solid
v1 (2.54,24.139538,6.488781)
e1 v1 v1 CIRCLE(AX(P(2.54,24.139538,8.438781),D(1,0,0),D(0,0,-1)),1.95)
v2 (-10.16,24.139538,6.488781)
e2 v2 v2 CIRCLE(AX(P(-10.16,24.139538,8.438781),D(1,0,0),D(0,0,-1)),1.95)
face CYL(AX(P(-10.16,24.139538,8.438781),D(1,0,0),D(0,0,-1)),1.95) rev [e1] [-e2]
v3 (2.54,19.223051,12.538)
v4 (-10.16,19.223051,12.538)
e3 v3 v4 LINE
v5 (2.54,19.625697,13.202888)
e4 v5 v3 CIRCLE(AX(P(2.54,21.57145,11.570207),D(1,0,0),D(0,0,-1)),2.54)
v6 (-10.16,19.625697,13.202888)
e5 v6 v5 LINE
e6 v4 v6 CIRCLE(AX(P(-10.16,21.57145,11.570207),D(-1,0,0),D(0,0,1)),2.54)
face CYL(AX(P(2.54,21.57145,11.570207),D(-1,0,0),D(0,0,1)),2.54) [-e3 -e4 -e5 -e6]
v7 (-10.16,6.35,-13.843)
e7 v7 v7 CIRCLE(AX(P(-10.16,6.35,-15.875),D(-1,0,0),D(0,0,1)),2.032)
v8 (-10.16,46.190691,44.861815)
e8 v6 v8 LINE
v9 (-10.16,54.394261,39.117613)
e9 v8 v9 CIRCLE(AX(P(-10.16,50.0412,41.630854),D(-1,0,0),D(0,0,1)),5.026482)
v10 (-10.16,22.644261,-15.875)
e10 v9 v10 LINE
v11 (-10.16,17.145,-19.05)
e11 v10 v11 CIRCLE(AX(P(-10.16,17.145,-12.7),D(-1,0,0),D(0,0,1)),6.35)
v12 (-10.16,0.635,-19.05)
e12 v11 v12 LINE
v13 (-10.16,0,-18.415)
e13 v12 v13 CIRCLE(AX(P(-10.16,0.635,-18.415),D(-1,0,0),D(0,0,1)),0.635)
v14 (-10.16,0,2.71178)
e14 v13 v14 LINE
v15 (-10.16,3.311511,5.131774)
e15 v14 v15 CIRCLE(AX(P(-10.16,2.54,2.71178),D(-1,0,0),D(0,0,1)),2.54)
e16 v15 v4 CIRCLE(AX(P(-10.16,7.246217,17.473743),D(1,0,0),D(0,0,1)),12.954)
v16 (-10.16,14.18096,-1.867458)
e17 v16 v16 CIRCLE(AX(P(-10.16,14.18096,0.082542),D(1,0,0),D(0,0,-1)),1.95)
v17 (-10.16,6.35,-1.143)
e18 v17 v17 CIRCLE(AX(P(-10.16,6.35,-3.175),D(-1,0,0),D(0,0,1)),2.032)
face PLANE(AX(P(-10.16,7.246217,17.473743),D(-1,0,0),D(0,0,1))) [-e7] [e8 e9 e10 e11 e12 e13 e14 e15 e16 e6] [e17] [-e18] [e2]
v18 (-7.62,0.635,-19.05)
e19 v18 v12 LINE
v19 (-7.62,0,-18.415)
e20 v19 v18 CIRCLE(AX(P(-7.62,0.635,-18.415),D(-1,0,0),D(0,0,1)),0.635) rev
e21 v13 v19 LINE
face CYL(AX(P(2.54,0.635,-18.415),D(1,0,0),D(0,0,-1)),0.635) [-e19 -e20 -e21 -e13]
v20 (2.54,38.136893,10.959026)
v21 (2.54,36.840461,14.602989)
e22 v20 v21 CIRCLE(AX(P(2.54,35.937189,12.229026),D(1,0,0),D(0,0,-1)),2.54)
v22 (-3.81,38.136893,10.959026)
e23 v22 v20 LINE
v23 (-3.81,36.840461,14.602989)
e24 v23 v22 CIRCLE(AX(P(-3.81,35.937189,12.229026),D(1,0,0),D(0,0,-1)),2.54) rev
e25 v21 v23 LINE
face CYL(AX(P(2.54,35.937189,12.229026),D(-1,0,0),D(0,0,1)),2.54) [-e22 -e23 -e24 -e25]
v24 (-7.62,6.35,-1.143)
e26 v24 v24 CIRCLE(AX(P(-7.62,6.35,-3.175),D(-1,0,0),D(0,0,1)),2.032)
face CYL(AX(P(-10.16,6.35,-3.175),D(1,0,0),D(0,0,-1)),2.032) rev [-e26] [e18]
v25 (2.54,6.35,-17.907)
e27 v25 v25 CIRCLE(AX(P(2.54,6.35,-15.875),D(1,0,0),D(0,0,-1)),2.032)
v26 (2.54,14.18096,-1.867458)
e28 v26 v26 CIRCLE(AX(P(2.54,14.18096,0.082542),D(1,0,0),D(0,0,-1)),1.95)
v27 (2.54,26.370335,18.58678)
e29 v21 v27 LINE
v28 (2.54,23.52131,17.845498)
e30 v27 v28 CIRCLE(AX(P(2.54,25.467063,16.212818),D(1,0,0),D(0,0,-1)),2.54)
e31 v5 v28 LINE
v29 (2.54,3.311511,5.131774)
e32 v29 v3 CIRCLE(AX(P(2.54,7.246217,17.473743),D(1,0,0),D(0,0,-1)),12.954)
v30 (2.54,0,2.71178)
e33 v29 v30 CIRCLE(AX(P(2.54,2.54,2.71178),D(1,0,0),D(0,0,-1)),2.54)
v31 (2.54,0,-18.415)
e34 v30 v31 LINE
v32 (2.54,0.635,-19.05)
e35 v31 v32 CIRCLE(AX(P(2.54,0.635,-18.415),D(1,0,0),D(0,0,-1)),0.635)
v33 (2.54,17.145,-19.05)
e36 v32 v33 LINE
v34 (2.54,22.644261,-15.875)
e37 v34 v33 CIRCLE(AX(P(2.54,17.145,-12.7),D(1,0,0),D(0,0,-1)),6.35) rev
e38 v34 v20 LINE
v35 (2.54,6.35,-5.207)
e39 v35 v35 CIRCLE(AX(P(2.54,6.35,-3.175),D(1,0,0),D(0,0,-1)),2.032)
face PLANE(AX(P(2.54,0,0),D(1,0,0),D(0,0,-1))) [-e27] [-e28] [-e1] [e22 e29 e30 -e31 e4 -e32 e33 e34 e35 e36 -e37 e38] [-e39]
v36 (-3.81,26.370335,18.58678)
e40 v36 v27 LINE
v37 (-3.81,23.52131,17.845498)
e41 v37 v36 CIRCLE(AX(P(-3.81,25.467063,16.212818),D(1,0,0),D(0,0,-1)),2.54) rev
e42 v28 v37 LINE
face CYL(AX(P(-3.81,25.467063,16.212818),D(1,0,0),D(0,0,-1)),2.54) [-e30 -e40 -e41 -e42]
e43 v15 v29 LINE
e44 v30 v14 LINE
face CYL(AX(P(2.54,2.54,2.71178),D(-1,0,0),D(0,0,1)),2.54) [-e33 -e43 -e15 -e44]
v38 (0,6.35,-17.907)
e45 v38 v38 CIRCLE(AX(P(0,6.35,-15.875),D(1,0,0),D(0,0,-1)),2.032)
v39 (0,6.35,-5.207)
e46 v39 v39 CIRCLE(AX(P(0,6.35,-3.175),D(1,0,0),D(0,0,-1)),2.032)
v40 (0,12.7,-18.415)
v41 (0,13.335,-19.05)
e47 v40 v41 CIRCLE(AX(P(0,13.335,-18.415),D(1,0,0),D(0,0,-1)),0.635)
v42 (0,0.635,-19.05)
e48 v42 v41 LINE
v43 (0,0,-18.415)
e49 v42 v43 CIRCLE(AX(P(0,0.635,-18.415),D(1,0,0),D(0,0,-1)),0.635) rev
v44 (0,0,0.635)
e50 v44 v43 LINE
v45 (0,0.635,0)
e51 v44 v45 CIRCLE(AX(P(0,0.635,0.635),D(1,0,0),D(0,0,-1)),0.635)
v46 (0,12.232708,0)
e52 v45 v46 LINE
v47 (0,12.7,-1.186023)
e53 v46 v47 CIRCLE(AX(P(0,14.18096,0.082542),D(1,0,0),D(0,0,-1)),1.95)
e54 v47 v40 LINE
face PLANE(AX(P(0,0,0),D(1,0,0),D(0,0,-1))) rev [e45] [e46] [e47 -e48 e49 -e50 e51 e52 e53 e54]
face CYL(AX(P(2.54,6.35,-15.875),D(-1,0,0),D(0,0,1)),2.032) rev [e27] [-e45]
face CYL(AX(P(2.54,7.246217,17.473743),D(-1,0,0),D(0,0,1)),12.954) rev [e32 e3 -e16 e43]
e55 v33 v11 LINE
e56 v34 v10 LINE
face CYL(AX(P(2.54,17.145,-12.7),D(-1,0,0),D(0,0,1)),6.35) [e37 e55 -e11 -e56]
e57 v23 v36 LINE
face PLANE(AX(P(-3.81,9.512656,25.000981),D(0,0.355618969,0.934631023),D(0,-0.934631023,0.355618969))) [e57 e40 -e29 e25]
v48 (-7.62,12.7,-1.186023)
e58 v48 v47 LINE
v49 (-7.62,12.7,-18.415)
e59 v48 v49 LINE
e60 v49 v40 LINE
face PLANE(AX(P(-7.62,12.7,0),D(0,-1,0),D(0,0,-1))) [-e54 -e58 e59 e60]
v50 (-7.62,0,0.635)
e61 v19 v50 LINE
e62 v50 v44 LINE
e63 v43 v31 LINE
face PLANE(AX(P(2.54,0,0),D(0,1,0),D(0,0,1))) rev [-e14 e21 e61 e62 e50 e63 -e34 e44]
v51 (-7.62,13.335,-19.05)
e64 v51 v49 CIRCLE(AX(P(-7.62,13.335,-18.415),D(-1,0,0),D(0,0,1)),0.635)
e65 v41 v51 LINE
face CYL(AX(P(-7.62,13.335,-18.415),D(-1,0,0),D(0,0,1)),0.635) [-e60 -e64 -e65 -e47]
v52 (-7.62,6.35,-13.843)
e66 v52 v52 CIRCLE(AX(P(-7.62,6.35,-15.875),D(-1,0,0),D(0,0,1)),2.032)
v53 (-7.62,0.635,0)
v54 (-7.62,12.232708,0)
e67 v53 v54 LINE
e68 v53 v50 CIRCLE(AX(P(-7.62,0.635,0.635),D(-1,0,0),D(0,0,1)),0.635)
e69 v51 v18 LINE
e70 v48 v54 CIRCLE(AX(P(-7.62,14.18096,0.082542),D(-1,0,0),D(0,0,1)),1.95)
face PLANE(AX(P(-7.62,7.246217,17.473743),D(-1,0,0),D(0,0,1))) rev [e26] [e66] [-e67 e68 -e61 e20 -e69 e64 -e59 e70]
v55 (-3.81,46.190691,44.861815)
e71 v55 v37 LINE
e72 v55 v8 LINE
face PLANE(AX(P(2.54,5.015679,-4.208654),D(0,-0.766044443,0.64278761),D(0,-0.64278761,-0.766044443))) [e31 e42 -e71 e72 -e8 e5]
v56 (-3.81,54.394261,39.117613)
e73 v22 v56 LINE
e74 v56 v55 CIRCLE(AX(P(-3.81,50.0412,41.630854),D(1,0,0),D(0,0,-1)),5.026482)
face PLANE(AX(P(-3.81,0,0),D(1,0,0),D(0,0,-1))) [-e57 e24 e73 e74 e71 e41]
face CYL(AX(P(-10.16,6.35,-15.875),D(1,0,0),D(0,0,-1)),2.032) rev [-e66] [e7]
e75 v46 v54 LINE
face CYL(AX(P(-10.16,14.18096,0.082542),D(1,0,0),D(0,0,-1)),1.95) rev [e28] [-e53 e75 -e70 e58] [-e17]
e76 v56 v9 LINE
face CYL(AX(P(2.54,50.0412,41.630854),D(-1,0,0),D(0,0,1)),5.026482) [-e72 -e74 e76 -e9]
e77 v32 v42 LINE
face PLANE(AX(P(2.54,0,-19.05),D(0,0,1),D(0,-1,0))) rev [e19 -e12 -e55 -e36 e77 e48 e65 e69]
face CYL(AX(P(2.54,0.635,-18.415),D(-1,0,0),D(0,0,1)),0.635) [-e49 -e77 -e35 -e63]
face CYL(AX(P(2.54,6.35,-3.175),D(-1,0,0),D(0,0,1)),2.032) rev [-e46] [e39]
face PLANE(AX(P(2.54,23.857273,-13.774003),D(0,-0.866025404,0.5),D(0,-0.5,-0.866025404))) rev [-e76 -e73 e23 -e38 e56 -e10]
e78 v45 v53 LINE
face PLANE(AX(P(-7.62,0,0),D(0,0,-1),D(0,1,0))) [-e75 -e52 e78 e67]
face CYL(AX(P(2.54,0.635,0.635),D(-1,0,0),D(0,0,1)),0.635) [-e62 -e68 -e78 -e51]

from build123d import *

# Parameters (mm, degrees)
SKETCH1_R           = 2.032
BOSS_EXTRUDE1_DEPTH = 2.54
BOSS_EXTRUDE2_START = -7.62
BOSS_EXTRUDE2_DEPTH = 7.62
BOSS_EXTRUDE3_START = 2.54
SKETCH4_R           = 2.032
BOSS_EXTRUDE3_DEPTH = 2.54
CUT_EXTRUDE2_START  = -6.35
CUT_EXTRUDE2_DEPTH  = 6.35
FILLET1_R           = 2.54
FILLET2_R           = 0.635
SKETCH6_R           = 1.95
CUT_EXTRUDE3_DEPTH  = 74.28469602


with BuildPart() as part:
    # Sketch1 → Boss-Extrude1 (new body)
    with BuildSketch(Plane(origin=(0, 0, 0), x_dir=(0, 0, -1), z_dir=(1, 0, 0))):
        with BuildLine():
            Line((19.05, 0), (19.05, 17.145))
            ThreePointArc((19.05, 17.145), (18.199261314, 20.32), (15.875, 22.644261314))
            Line((15.875, 22.644261314), (-39.11761314, 54.394261314))
            ThreePointArc((-39.11761314, 54.394261314), (-45.74830741, 52.924271785), (-44.861814719, 46.190691279))
            Line((-44.861814719, 46.190691279), (-12.887784973, 19.361294713))
            ThreePointArc((-12.887784973, 19.361294713), (-5.127948142, 11.168903642), (-6.736031019, 0))
            Line((-6.736031019, 0), (19.05, 0))
        make_face()
        with Locations((3.175, 6.35)):
            Circle(SKETCH1_R, mode=Mode.SUBTRACT)
        with Locations((15.875, 6.35)):
            Circle(SKETCH1_R, mode=Mode.SUBTRACT)
    extrude(amount=BOSS_EXTRUDE1_DEPTH)

    # Sketch1<4> → Boss-Extrude2 (add)
    with BuildSketch(Plane(origin=(0, 0, 0), x_dir=(0, 0, -1), z_dir=(1, 0, 0)).offset(BOSS_EXTRUDE2_START)):
        with BuildLine():
            Line((-6.736031019, 0), (0, 0))
            Line((0, 0), (0, 12.7))
            Line((0, 12.7), (19.05, 12.7))
            Line((19.05, 12.7), (19.05, 17.145))
            ThreePointArc((19.05, 17.145), (18.199261314, 20.32), (15.875, 22.644261314))
            Line((15.875, 22.644261314), (-39.11761314, 54.394261314))
            ThreePointArc((-39.11761314, 54.394261314), (-45.74830741, 52.924271785), (-44.861814719, 46.190691279))
            Line((-44.861814719, 46.190691279), (-12.887784973, 19.361294713))
            ThreePointArc((-12.887784973, 19.361294713), (-5.127948142, 11.168903642), (-6.736031019, 0))
        make_face()
    extrude(amount=BOSS_EXTRUDE2_DEPTH)

    # Sketch4 → Boss-Extrude3 (add)
    with BuildSketch(Plane.ZY.offset(7.62).offset(BOSS_EXTRUDE3_START)):
        with BuildLine():
            Line((-19.05, 0), (6.736031019, 0))
            ThreePointArc((6.736031019, 0), (5.127948142, 11.168903642), (12.887784973, 19.361294713))
            Line((12.887784973, 19.361294713), (44.861814719, 46.190691279))
            ThreePointArc((44.861814719, 46.190691279), (45.74830741, 52.924271785), (39.11761314, 54.394261314))
            Line((39.11761314, 54.394261314), (-15.875, 22.644261314))
            ThreePointArc((-15.875, 22.644261314), (-18.199261314, 20.32), (-19.05, 17.145))
            Line((-19.05, 17.145), (-19.05, 0))
        make_face()
        with Locations((-3.175, 6.35)):
            Circle(SKETCH4_R, mode=Mode.SUBTRACT)
        with Locations((-15.875, 6.35)):
            Circle(SKETCH4_R, mode=Mode.SUBTRACT)
    extrude(amount=-BOSS_EXTRUDE3_DEPTH)

    # Sketch5 → Cut-Extrude2 (cut)
    with BuildSketch(Plane(origin=(2.54, 0, 0), x_dir=(0, 0, -1), z_dir=(1, 0, 0)).offset(CUT_EXTRUDE2_START)):
        with BuildLine():
            Line((-19.229074876, 24.682268731), (-13.542236075, 39.628310481))
            Line((-13.542236075, 39.628310481), (-39.11761314, 54.394261314))
            ThreePointArc((-39.11761314, 54.394261314), (-45.74830741, 52.924271785), (-44.861814719, 46.190691279))
            Line((-44.861814719, 46.190691279), (-19.229074876, 24.682268731))
        make_face()
    extrude(amount=CUT_EXTRUDE2_DEPTH, mode=Mode.SUBTRACT)

    # Fillet1
    fillet1_edges = [part.edges().sort_by_distance(p)[0] for p in [
        (-3.81, 0, 6.736031019),
        (-0.635, 39.628310481, 13.542236075),
        (-3.81, 19.361294713, 12.887784973),
        (-0.635, 24.682268731, 19.229074876),
    ]]
    fillet(fillet1_edges, radius=FILLET1_R)

    # Fillet2
    fillet2_edges = [part.edges().sort_by_distance(p)[0] for p in [
        (-3.81, 0, 0),
        (-8.89, 0, -19.05),
        (1.27, 0, -19.05),
        (-3.81, 12.7, -19.05),
    ]]
    fillet(fillet2_edges, radius=FILLET2_R)

    # Sketch6 → Cut-Extrude3 (cut, through all)
    with BuildSketch(Plane(origin=(2.54, 0, 0), x_dir=(0, 0, -1), z_dir=(1, 0, 0))):
        with Locations((-0.082541576, 14.180960145)):
            Circle(SKETCH6_R)
        with Locations((-8.438780502, 24.139537906)):
            Circle(SKETCH6_R)
    extrude(amount=-CUT_EXTRUDE3_DEPTH, mode=Mode.SUBTRACT)


solid = part.part
